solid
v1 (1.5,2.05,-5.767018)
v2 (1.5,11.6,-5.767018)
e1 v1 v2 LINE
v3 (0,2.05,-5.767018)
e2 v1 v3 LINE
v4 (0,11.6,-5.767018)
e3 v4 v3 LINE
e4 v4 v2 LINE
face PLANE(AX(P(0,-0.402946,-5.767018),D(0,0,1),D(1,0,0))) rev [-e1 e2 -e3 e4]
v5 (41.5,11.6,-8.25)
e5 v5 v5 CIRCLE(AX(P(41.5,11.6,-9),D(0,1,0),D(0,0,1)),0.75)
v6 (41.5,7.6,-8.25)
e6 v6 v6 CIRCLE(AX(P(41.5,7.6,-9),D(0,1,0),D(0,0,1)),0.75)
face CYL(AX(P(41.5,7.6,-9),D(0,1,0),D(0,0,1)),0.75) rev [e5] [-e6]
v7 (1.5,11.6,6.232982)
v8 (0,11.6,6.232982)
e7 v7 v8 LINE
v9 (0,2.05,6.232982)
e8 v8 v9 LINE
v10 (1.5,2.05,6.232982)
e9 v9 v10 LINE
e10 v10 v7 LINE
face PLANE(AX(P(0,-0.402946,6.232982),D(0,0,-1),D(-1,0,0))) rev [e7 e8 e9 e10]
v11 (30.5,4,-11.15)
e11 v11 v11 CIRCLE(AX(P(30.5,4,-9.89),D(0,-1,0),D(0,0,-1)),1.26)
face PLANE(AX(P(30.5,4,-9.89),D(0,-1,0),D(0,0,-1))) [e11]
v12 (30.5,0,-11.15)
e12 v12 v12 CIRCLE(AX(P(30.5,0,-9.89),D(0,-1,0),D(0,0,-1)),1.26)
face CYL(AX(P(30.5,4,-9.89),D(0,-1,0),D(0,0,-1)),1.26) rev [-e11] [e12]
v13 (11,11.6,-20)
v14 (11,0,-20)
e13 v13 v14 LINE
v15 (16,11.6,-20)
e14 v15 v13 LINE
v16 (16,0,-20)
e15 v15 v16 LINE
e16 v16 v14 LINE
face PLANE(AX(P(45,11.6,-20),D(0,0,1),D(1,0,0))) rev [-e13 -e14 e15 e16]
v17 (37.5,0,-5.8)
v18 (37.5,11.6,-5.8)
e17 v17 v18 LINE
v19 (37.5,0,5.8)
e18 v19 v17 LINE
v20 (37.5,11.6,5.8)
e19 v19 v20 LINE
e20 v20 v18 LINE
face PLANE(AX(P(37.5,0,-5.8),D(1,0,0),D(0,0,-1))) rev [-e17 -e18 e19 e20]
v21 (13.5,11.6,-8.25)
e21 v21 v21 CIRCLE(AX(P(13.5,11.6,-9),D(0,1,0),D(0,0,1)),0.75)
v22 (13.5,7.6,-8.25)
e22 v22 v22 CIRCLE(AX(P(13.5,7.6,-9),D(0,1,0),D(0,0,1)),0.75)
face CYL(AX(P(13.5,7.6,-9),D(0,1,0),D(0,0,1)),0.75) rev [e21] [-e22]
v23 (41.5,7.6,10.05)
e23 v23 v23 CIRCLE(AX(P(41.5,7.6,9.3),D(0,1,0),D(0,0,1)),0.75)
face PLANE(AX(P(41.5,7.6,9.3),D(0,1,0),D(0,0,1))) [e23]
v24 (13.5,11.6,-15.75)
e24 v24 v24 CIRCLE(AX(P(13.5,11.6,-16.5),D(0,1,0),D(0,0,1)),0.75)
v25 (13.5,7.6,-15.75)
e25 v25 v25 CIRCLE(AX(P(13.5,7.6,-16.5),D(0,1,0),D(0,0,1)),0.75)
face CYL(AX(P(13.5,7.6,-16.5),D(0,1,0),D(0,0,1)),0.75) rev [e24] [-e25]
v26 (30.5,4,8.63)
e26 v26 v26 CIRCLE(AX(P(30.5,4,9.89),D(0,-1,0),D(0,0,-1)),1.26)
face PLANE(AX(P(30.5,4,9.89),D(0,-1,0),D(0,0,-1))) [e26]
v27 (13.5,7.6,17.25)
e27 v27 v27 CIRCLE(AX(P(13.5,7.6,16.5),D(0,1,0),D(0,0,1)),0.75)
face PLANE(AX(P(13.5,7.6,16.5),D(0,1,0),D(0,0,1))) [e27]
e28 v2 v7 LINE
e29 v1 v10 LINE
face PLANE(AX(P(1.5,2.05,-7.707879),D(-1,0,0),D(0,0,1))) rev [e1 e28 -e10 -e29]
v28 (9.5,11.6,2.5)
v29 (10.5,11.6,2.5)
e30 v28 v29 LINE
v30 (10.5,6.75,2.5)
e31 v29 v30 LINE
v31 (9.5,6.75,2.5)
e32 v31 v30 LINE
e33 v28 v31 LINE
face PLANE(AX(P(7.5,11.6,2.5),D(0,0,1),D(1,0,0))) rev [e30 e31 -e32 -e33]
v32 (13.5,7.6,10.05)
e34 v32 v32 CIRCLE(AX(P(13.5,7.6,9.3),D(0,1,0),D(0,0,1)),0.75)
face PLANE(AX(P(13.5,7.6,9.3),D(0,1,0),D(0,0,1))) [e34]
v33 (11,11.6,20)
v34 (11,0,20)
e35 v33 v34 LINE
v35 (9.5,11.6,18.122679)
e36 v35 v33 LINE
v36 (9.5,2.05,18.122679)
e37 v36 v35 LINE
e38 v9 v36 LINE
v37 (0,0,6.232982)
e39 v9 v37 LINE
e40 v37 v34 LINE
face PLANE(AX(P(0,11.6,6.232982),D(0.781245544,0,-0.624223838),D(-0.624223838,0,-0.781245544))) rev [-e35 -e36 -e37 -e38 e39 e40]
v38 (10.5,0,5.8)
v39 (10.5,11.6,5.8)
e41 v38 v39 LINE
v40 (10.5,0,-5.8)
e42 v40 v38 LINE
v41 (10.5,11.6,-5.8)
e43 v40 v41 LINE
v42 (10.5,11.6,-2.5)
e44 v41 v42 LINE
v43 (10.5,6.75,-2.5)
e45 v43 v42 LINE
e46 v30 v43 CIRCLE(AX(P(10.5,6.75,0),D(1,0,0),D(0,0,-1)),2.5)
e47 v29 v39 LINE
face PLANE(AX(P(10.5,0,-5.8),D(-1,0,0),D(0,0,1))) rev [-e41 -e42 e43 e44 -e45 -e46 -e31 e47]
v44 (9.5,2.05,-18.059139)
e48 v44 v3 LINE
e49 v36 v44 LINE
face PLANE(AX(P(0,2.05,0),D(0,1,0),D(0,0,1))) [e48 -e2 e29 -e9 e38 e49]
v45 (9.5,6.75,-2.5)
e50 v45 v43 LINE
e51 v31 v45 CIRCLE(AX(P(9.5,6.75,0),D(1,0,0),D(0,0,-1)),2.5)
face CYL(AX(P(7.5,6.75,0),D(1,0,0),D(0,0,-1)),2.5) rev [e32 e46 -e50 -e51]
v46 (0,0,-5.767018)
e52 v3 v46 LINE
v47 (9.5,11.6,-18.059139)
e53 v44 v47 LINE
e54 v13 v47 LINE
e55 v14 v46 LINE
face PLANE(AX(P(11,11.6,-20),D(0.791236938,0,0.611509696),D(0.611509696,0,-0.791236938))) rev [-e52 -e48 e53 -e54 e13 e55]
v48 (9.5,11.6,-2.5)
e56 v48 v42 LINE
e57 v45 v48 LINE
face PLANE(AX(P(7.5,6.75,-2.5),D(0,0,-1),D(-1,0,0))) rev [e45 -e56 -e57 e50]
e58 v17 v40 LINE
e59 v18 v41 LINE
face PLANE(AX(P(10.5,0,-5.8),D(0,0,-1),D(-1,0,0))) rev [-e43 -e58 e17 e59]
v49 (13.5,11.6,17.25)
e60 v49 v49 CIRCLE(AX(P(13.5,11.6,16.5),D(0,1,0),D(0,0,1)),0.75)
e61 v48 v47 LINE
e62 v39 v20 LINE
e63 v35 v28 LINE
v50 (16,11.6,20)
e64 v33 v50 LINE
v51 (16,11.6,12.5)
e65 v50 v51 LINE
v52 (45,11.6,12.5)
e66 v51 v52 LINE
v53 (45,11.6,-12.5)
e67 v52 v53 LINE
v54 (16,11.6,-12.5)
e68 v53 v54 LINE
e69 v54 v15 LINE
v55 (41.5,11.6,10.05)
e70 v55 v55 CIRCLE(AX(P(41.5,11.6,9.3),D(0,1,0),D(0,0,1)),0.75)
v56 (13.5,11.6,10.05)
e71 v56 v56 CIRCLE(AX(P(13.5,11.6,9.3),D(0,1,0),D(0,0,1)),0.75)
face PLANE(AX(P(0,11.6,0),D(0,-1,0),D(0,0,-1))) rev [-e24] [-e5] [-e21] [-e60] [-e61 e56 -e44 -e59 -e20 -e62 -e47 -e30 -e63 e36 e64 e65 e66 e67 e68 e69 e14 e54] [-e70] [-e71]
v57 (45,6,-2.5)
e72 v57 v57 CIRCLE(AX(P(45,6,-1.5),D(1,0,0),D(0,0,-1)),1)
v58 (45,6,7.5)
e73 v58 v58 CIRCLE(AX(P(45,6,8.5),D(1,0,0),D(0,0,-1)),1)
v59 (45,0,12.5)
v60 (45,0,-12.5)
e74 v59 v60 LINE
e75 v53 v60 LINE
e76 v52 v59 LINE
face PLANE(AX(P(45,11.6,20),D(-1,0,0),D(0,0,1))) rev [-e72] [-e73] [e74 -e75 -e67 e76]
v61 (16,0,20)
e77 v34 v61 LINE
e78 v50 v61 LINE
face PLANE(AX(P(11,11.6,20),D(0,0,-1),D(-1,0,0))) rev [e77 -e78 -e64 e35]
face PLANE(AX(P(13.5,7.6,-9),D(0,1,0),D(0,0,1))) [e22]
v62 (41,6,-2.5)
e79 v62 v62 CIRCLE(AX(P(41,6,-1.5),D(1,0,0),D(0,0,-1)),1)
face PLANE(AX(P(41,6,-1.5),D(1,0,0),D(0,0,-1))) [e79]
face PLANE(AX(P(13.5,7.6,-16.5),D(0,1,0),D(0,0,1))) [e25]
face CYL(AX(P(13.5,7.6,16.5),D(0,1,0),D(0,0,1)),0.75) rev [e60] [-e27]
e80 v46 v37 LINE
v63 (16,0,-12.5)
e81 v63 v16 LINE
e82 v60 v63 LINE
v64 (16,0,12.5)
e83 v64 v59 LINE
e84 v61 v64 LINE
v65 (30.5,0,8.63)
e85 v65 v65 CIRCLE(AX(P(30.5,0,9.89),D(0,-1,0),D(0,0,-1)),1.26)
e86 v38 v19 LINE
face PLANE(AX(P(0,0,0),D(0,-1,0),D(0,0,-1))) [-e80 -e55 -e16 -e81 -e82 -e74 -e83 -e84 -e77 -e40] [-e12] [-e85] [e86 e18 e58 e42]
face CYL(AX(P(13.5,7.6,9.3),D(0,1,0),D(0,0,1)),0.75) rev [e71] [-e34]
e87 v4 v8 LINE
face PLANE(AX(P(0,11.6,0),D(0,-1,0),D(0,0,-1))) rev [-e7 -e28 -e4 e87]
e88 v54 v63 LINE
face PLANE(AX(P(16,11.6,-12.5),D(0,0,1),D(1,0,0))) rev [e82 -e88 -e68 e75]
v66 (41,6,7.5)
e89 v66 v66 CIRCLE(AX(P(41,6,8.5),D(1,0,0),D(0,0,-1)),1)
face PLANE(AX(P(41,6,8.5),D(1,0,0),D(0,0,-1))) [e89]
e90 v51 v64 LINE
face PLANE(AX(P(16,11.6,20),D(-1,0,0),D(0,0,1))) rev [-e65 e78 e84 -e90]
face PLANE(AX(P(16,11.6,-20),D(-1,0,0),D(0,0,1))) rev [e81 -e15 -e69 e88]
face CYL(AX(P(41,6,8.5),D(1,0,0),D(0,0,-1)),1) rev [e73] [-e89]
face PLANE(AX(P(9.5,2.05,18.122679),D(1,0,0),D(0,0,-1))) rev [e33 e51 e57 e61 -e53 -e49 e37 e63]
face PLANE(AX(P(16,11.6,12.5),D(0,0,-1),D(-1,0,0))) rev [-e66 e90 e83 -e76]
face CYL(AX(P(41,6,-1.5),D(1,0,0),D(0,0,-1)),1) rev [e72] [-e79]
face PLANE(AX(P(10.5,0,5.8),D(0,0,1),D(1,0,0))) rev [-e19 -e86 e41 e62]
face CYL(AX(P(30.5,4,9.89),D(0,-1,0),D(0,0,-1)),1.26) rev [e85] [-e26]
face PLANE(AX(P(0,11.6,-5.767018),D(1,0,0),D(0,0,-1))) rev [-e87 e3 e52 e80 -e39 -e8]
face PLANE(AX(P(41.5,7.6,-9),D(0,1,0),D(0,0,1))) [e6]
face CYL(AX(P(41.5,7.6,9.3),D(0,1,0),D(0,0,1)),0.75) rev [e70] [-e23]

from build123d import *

# Parameters (mm, degrees)
BOSS_EXTRUDE1_DEPTH = 11.6
CUT_EXTRUDE1_DEPTH  = 9.55
SKETCH5_W           = 27
SKETCH5_H           = 11.6
CUT_EXTRUDE3_DEPTH  = 51.592094244
CUT_EXTRUDE4_DEPTH  = 3
CUT_EXTRUDE5_DEPTH  = 9.55
SKETCH8_R           = 1.26
CUT_EXTRUDE6_DEPTH  = 4
SKETCH9_W           = 29
SKETCH9_H           = 7.5
CUT_EXTRUDE7_DEPTH  = 51.592094244
SKETCH10_R          = 0.75
CUT_EXTRUDE8_DEPTH  = 4
SKETCH11_R          = 1
CUT_EXTRUDE9_DEPTH  = 4


with BuildPart() as part:
    # Sketch2 → Boss-Extrude1 (new body)
    with BuildSketch(Plane(origin=(0, 0, 0), x_dir=(1, 0, 0), z_dir=(0, 1, 0))):
        Polygon((0, 5.767018283), (0, -6.232981717), (11, -20), (45, -20), (45, 20), (11, 20), align=None)
    extrude(amount=BOSS_EXTRUDE1_DEPTH)

    # Sketch3 → Cut-Extrude1 (cut)
    with BuildSketch(Plane(origin=(0, 11.6, 0), x_dir=(1, 0, 0), z_dir=(0, 1, 0))):
        Polygon((1.5, 7.707879426), (1.5, -8.110302392), (9.5, -18.122679325), (9.5, 18.059138857), align=None)
    extrude(amount=-CUT_EXTRUDE1_DEPTH, mode=Mode.SUBTRACT)

    # Sketch5 → Cut-Extrude3 (cut, through all)
    with BuildSketch(Plane(origin=(0, 11.6, 0), x_dir=(1, 0, 0), z_dir=(0, 1, 0))):
        with Locations((24, 0)):
            Rectangle(SKETCH5_W, SKETCH5_H)
    extrude(amount=-CUT_EXTRUDE3_DEPTH, mode=Mode.SUBTRACT)

    # Sketch6 → Cut-Extrude4 (cut)
    with BuildSketch(Plane(origin=(10.5, 0, 0), x_dir=(0, 0, -1), z_dir=(1, 0, 0))):
        with BuildLine():
            Line((2.5, 6.75), (2.5, 11.6))
            Line((2.5, 11.6), (-2.5, 11.6))
            Line((-2.5, 11.6), (-2.5, 6.75))
            ThreePointArc((-2.5, 6.75), (0, 4.25), (2.5, 6.75))
        make_face()
    extrude(amount=-CUT_EXTRUDE4_DEPTH, mode=Mode.SUBTRACT)

    # Sketch7 → Cut-Extrude5 (cut)
    with BuildSketch(Plane(origin=(0, 11.6, 0), x_dir=(1, 0, 0), z_dir=(0, 1, 0))):
        Polygon((1.5, 7.707879426), (0, 5.767018283), (1.5, 5.767018283), align=None)
        Polygon((0, -6.232981717), (1.5, -6.232981717), (1.5, -8.110302392), align=None)
    extrude(amount=-CUT_EXTRUDE5_DEPTH, mode=Mode.SUBTRACT)

    # Sketch8 → Cut-Extrude6 (cut)
    with BuildSketch(Plane.XZ):
        with Locations(Location((30.5, 9.89, 0), (0, 0, 270))):
            Circle(SKETCH8_R)
        with Locations(Location((30.5, -9.89, 0), (0, 0, 270))):
            Circle(SKETCH8_R)
    extrude(amount=-CUT_EXTRUDE6_DEPTH, mode=Mode.SUBTRACT)

    # Sketch9 → Cut-Extrude7 (cut, through all)
    with BuildSketch(Plane.XZ):
        with Locations((30.5, 16.25)):
            Rectangle(SKETCH9_W, SKETCH9_H)
        with Locations((30.5, -16.25)):
            Rectangle(SKETCH9_W, SKETCH9_H)
    extrude(amount=-CUT_EXTRUDE7_DEPTH, mode=Mode.SUBTRACT)

    # Sketch10 → Cut-Extrude8 (cut)
    with BuildSketch(Plane(origin=(0, 11.6, 0), x_dir=(1, 0, 0), z_dir=(0, 1, 0))):
        with Locations(Location((13.5, 16.5, 0), (0, 0, 270))):
            Circle(SKETCH10_R)
        with Locations(Location((13.5, 9, 0), (0, 0, 270))):
            Circle(SKETCH10_R)
        with Locations(Location((41.5, 9, 0), (0, 0, 270))):
            Circle(SKETCH10_R)
        with Locations(Location((41.5, -9.3, 0), (0, 0, 270))):
            Circle(SKETCH10_R)
        with Locations(Location((13.5, -9.3, 0), (0, 0, 270))):
            Circle(SKETCH10_R)
        with Locations(Location((13.5, -16.5, 0), (0, 0, 270))):
            Circle(SKETCH10_R)
    extrude(amount=-CUT_EXTRUDE8_DEPTH, mode=Mode.SUBTRACT)

    # Sketch11 → Cut-Extrude9 (cut)
    with BuildSketch(Plane(origin=(45, 0, 0), x_dir=(0, 0, -1), z_dir=(1, 0, 0))):
        with Locations((-8.5, 6)):
            Circle(SKETCH11_R)
        with Locations((1.5, 6)):
            Circle(SKETCH11_R)
    extrude(amount=-CUT_EXTRUDE9_DEPTH, mode=Mode.SUBTRACT)


solid = part.part
